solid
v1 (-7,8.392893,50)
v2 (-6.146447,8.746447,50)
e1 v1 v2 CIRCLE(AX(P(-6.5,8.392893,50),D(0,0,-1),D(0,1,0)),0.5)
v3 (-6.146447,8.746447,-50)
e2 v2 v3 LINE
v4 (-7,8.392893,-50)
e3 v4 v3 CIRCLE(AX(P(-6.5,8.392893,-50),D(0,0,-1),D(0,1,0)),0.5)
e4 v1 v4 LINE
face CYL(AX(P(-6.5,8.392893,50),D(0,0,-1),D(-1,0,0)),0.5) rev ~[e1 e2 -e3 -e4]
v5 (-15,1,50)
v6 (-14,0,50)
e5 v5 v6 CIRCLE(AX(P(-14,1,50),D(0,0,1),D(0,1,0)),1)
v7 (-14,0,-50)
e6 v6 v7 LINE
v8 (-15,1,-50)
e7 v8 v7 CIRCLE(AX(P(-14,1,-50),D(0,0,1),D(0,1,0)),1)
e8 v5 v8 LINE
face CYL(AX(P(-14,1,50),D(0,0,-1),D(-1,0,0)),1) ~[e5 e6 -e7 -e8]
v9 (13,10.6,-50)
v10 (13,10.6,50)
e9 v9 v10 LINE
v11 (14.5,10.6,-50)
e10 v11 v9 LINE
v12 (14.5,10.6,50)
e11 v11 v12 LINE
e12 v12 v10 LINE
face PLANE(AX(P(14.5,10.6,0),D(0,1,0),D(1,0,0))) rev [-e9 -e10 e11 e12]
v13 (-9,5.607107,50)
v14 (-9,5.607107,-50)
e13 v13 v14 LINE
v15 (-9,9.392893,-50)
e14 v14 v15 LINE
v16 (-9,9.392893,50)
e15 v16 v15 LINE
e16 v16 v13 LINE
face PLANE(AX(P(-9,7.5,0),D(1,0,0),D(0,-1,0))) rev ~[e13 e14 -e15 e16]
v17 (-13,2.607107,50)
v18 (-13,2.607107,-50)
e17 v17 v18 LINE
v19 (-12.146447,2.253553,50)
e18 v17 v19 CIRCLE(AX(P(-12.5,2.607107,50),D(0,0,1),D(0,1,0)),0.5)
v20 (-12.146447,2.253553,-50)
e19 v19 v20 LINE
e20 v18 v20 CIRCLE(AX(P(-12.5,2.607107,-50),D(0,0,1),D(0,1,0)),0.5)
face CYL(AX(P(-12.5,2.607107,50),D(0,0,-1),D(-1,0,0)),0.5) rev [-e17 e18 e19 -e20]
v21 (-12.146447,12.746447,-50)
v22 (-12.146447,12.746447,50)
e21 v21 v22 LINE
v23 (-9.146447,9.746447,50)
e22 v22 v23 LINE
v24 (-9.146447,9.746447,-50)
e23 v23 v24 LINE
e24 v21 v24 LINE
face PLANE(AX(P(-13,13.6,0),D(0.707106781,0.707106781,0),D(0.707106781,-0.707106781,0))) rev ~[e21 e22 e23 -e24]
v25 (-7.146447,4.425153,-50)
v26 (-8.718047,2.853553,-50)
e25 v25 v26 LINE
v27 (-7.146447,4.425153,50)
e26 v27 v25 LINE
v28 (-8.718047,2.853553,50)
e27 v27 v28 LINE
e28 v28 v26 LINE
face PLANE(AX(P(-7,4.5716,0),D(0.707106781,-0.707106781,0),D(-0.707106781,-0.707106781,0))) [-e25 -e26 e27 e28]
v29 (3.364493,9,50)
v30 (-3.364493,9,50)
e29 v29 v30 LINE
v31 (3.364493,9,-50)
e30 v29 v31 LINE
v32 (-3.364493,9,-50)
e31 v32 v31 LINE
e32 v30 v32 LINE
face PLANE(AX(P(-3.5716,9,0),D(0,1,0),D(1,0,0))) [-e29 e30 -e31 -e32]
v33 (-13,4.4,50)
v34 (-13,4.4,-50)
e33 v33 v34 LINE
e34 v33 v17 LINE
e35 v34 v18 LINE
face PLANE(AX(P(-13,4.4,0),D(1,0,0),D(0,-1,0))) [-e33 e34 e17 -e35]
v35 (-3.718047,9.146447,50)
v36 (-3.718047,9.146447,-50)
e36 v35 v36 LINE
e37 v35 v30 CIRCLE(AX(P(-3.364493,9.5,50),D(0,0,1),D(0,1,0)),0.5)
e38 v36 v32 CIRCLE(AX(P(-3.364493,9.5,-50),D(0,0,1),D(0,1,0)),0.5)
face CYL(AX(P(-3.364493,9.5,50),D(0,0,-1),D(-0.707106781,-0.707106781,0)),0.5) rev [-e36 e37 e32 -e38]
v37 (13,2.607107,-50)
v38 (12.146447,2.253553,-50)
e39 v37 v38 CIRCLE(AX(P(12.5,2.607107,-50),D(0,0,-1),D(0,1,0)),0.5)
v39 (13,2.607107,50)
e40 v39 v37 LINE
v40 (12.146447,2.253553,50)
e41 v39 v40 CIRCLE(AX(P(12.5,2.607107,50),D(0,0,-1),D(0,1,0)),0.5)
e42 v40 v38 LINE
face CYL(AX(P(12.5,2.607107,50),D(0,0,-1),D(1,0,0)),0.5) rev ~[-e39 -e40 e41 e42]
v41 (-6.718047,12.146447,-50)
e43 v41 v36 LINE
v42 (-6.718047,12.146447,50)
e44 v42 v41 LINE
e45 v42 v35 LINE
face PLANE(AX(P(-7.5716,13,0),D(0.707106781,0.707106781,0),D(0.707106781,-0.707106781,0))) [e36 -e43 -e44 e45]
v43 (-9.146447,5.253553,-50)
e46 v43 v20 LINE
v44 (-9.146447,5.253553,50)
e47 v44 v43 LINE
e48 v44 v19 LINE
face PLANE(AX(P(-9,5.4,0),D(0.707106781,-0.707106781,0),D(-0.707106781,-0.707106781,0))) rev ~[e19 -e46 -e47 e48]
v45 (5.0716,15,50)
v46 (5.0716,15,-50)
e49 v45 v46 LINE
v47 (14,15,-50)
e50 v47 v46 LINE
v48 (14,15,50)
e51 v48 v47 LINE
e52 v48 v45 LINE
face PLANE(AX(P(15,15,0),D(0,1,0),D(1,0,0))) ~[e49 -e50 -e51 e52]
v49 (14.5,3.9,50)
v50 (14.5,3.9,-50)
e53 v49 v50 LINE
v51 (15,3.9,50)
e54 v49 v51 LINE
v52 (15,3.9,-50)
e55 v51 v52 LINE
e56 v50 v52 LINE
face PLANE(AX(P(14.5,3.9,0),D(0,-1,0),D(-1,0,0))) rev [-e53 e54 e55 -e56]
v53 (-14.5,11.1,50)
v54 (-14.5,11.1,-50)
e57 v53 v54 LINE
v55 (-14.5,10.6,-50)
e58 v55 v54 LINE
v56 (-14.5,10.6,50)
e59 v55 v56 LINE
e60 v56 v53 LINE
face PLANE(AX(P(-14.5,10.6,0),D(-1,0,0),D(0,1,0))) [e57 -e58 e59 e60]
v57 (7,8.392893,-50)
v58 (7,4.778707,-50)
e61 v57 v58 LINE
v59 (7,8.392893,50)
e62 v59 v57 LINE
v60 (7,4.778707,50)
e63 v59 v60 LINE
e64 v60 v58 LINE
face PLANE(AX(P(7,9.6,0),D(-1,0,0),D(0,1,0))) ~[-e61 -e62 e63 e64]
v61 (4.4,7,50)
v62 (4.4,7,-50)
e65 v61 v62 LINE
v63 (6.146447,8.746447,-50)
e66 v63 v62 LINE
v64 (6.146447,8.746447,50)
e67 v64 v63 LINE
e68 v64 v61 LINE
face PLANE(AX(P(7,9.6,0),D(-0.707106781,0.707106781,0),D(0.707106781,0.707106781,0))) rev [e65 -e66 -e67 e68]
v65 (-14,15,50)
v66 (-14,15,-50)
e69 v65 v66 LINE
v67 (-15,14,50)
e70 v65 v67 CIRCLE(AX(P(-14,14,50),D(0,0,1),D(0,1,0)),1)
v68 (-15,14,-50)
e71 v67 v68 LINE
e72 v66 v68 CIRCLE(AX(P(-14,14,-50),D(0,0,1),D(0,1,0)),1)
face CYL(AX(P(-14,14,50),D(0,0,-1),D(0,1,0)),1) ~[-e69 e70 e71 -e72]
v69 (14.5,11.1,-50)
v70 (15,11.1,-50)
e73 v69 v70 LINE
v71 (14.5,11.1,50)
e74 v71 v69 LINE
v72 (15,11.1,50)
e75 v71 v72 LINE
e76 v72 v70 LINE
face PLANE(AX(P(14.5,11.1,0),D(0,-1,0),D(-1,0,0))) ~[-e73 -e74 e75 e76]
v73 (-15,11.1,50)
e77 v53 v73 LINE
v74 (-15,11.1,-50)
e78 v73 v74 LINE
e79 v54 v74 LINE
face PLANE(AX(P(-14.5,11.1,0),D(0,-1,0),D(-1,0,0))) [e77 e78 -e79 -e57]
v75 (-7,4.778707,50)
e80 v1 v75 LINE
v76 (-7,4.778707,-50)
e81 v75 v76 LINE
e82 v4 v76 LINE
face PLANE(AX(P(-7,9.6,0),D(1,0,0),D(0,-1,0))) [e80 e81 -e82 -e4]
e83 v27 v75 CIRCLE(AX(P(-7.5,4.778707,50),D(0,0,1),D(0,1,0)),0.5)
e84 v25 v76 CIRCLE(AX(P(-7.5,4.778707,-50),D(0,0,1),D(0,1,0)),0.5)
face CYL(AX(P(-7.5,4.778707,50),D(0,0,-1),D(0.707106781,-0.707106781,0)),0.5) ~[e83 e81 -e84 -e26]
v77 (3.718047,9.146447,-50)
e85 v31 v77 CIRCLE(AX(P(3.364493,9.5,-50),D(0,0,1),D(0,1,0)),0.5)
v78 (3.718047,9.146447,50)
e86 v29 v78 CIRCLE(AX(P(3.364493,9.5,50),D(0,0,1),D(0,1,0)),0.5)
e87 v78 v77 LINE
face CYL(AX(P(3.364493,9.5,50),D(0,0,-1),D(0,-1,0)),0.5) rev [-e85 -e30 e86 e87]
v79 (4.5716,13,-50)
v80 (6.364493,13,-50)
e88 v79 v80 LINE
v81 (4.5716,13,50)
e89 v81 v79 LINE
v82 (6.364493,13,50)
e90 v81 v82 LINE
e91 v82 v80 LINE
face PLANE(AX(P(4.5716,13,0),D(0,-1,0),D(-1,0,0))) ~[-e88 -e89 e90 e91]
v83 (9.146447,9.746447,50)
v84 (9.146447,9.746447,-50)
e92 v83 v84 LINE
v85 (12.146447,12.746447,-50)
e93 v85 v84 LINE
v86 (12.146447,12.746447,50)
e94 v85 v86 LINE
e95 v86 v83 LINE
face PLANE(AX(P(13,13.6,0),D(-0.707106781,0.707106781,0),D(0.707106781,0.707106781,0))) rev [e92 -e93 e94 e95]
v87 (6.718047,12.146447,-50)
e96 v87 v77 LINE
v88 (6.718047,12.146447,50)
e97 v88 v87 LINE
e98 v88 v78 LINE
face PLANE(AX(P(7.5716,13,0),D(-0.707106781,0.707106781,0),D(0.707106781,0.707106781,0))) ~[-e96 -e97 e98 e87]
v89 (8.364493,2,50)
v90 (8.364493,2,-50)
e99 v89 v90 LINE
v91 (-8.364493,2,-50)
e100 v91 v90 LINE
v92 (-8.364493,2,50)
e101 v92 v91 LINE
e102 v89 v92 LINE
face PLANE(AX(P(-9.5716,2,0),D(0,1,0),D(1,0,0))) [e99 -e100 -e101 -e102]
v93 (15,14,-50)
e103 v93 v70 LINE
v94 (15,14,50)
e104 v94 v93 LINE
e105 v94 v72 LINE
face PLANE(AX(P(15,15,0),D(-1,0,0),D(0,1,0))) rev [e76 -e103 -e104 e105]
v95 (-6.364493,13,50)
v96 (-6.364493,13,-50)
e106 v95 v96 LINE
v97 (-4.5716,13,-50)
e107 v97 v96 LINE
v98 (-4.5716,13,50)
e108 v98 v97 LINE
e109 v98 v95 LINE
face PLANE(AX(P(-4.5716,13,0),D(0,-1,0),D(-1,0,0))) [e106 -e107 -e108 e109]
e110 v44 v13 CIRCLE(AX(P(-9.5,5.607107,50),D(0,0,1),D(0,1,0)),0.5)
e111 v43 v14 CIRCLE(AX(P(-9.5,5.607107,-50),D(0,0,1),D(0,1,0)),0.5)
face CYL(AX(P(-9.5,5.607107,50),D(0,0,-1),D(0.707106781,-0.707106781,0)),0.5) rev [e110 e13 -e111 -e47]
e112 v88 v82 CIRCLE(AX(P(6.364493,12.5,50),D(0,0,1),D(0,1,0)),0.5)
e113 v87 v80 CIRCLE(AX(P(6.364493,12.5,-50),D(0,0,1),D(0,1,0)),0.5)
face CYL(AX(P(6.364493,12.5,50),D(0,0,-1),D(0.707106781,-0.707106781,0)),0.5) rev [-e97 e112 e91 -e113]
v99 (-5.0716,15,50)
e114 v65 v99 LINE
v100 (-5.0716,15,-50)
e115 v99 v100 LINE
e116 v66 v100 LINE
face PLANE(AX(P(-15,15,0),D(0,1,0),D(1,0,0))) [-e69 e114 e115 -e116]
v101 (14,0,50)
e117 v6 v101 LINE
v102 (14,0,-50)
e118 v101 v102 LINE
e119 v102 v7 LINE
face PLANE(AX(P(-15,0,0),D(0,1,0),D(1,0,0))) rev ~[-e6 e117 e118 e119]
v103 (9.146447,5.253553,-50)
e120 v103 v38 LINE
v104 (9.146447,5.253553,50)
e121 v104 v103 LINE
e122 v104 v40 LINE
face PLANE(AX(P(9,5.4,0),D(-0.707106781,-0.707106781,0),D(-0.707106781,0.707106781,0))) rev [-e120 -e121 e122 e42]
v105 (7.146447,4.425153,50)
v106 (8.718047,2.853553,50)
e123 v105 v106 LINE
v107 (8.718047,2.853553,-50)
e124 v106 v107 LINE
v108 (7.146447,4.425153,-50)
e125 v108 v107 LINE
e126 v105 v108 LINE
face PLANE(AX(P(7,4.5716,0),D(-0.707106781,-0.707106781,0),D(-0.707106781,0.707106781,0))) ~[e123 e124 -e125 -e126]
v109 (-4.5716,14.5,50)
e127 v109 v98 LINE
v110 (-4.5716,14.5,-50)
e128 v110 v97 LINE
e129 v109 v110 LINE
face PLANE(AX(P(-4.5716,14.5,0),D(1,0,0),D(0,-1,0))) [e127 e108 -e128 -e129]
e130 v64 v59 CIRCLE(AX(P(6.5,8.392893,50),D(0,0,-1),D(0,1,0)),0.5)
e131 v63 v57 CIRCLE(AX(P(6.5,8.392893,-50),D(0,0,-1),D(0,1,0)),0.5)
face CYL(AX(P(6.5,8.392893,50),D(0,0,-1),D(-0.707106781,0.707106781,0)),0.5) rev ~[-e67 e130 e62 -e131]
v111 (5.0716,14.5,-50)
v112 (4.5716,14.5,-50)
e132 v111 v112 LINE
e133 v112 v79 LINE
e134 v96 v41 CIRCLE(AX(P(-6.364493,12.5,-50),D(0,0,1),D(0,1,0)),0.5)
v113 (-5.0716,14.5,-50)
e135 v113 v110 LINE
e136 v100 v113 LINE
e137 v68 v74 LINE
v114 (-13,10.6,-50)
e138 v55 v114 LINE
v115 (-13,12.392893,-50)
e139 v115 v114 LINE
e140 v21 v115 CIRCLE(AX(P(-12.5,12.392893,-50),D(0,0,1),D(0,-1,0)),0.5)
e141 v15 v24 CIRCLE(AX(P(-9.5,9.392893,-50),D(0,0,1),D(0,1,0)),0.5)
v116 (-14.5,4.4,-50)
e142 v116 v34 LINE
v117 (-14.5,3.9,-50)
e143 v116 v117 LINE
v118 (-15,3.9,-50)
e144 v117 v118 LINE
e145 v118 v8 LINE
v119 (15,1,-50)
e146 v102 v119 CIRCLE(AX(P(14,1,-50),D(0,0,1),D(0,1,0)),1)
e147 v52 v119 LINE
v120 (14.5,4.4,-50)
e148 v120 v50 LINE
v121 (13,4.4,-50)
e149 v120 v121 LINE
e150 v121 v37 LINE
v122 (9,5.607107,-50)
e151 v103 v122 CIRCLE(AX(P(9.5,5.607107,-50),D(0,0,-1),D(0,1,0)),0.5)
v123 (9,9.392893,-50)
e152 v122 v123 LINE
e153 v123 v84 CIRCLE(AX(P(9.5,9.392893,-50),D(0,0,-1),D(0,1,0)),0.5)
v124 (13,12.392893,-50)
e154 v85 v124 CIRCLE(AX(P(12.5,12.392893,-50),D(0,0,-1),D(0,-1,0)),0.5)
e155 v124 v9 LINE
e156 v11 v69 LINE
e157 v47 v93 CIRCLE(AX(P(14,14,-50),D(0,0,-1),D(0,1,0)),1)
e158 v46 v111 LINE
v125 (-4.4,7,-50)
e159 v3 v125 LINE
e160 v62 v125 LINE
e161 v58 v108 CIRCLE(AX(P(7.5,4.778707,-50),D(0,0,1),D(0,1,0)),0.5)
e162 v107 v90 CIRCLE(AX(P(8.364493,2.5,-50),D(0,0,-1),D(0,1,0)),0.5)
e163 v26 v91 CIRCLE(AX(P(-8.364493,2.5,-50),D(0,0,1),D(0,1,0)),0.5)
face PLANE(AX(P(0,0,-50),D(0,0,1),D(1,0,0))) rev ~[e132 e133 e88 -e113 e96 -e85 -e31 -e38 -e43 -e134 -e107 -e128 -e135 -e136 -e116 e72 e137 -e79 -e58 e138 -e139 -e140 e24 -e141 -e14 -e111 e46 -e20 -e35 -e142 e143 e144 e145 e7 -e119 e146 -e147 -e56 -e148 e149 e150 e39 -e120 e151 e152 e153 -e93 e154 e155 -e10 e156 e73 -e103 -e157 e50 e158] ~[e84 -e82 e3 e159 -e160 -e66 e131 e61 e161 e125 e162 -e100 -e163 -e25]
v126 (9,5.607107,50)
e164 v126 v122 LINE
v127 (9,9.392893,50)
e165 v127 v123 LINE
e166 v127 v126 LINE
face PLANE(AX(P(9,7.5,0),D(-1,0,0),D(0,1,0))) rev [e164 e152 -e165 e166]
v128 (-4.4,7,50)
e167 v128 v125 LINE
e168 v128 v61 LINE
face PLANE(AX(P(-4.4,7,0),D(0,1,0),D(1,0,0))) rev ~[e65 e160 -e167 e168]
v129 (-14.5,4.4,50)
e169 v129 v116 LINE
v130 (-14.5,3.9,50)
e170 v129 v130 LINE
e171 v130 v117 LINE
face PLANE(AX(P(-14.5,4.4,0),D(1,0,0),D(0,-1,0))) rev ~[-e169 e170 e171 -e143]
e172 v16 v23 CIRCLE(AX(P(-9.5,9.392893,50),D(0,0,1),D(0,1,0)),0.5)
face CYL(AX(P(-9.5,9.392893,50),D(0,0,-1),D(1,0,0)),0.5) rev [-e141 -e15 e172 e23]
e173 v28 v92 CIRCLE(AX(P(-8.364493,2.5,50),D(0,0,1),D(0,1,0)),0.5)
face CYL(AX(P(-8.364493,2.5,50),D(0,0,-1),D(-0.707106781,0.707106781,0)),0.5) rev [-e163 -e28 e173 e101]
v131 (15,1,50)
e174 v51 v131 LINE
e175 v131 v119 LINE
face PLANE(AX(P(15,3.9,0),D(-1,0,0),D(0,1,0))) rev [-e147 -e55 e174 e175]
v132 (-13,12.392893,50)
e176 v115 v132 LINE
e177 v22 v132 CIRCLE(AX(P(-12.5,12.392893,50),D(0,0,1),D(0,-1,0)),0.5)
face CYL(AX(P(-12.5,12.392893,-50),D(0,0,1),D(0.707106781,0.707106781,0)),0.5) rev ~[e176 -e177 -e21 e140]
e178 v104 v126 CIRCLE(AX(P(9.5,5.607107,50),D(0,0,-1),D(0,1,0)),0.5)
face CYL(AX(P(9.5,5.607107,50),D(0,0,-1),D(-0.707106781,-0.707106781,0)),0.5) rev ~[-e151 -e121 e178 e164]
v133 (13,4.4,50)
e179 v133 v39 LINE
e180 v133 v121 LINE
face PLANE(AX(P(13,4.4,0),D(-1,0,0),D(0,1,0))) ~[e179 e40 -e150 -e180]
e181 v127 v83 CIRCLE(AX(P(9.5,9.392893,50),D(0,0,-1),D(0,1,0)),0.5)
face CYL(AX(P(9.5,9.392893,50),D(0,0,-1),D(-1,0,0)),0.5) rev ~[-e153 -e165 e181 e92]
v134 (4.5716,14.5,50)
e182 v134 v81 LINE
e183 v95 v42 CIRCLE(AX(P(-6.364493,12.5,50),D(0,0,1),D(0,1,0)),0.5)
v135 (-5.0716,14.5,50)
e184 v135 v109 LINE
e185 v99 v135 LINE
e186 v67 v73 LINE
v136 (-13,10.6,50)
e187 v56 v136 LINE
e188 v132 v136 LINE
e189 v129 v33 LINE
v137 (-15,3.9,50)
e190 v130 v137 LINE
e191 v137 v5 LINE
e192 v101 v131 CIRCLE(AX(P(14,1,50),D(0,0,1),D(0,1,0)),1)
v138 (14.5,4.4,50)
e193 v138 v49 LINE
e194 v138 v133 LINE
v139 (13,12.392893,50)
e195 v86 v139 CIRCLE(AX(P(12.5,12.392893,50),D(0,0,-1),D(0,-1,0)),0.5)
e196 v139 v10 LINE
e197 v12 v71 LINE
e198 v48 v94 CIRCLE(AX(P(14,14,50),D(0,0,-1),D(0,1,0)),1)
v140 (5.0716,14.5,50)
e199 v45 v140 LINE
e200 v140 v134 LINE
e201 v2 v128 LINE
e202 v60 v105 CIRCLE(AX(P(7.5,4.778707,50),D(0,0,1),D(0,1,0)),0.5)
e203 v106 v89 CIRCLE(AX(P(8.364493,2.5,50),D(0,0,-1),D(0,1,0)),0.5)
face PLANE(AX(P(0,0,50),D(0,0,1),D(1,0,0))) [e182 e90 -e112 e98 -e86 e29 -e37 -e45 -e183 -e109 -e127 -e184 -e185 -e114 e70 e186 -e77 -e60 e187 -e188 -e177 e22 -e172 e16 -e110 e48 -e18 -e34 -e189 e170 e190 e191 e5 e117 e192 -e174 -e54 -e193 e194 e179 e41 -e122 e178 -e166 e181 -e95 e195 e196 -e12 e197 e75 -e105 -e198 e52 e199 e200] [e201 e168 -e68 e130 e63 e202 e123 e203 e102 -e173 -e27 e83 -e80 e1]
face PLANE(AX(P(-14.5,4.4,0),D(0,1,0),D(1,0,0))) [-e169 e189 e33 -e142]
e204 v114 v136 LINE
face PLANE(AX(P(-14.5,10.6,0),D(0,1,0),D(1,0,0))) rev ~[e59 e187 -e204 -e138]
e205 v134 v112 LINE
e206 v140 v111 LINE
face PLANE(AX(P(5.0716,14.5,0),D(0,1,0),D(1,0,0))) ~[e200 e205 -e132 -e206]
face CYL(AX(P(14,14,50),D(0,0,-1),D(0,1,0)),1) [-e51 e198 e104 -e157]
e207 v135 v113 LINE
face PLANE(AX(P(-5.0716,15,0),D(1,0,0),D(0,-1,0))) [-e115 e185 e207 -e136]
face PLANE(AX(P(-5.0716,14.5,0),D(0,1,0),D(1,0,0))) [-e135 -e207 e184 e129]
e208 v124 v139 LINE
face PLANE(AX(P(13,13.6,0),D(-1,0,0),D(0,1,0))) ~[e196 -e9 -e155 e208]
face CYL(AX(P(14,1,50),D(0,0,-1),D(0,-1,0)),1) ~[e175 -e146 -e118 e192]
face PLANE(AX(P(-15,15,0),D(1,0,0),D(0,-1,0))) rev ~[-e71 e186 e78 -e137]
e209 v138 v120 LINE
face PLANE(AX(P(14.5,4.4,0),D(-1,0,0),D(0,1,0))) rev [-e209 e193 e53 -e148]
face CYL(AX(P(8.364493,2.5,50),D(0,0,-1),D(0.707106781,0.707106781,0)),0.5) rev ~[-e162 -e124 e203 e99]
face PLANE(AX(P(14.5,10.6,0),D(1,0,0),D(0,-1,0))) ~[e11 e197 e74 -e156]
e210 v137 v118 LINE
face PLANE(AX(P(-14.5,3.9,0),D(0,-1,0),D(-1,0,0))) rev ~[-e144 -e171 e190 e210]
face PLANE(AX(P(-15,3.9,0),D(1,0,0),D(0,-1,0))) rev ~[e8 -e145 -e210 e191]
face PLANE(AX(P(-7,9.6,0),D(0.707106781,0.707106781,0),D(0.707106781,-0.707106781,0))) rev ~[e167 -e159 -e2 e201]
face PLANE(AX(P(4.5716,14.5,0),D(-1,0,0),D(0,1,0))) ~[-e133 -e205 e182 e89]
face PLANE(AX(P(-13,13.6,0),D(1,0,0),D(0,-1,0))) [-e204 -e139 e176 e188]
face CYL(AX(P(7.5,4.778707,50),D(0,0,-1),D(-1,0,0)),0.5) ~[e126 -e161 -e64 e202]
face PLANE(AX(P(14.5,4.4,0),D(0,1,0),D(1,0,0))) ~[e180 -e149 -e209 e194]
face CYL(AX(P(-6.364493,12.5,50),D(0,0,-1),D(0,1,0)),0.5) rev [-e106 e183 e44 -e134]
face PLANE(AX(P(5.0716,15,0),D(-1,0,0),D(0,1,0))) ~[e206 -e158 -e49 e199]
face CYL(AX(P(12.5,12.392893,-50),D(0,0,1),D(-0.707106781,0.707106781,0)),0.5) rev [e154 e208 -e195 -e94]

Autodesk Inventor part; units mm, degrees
ref_plane "YZ Plane" through (0, 0, 0) normal (1, 0, 0) x (0, 1, 0)
ref_plane "XZ Plane" through (0, 0, 0) normal (0, 1, 0) x (-1, 0, 0)
ref_plane "XY Plane" through (0, 0, 0) normal (0, 0, 1) x (1, 0, 0)
sketch "Sketch1" plane through (0, 0, 0) normal (0, 0, 1) x (1, 0, 0)
  line L0 (-15, 0) -> (-15, 15) construction
  line L1 (-15, 15) -> (-4.5716, 15) construction
  line L2 (-15, 10.6) -> (-15, 4.4) construction
  line L3 (-15, 10.6) -> (-14.5, 10.6) construction
  line L4 (-14.5, 10.6) -> (-14.5, 11.1)
  line L5 (-14.5, 11.1) -> (-15, 11.1)
  line L6 (-15, 11.1) -> (-15, 10.6) construction
  line L7 (-14.5, 10.6) -> (-13, 10.6)
  line L8 (-15, 15) -> (-15, 11.1)
  line L9 (-13, 13.6) -> (-13, 10.6)
  line L10 (-13, 13.6) -> (-9, 9.6)
  line L11 (-9, 9.6) -> (-9, 7.5)
  line L12 (-15, 7.5) -> (0, 7.5) construction
  line L13 (-9, 7.5) -> (-9, 5.4)
  line L14 (-9, 5.4) -> (-13, 1.4)
  line L15 (-13, 4.4) -> (-13, 1.4)
  line L16 (-15, 4.4) -> (-14.5, 4.4) construction
  line L17 (-14.5, 4.4) -> (-14.5, 3.9)
  line L18 (-14.5, 3.9) -> (-15, 3.9)
  line L19 (-15, 3.9) -> (-15, 4.4) construction
  line L20 (-14.5, 4.4) -> (-13, 4.4)
  line L21 (-4.5716, 15) -> (-5.0716, 15) construction
  line L22 (-5.0716, 15) -> (-5.0716, 14.5)
  line L23 (-5.0716, 14.5) -> (-4.5716, 14.5)
  line L24 (-4.5716, 14.5) -> (-4.5716, 15) construction
  line L25 (-4.5716, 14.5) -> (-4.5716, 13)
  line L26 (-4.5716, 13) -> (-7.5716, 13)
  line L27 (-7.5716, 13) -> (-3.5716, 9)
  line L28 (-3.5716, 9) -> (0, 9)
  line L29 (-15, 3.9) -> (-15, 0)
  line L30 (-15, 0) -> (0, 0)
  line L31 (-4.4, 7) -> (0, 7)
  line L32 (-7, 9.6) -> (-4.4, 7)
  line L33 (-7, 9.6) -> (-7, 4.5716)
  line L34 (-7, 4.5716) -> (-9.5716, 2)
  line L35 (-9.5716, 2) -> (0, 2)
  line L36 (0, 2) -> (0, 0)
  line L37 (0, 9) -> (0, 7)
  line L38 (-15, 15) -> (-5.0716, 15)
  point P0 (-15, 10.85)
  point P1 (-9, 6.45)
  point P2 (-9, 8.55)
  point P3 (-1.7858, 9)
  point P4 (-5.5716, 11)
  dimension "d78" = 15
  dimension "d87" = 6.2
  dimension "d89" = 15
  dimension "d91" = 0.5
  dimension "d92" = 2
  dimension "d93" = 6
  dimension "d96" = 45
  dimension "d97" = 3
  dimension "d98" = 45
  dimension "d121" = 2
  dimension "d122" = 2
  dimension "d124" = 2
  dimension "d126" = 2
  dimension "d127" = 2
extrude "Extrusion1" add sketch "Sketch1" along normal mid plane 100
mirror "Mirror1" about plane through (0, 0, 0) normal (1, 0, 0) of "Extrusion1"
fillet "Fillet1" radius 1 4 edges at (-15, 15, 0) (15, 15, 0) (15, 0, 0) (-15, 0, 0)
fillet "Fillet2" radius 0.5 18 edges at (-13, 13.6, 0) (-9, 9.6, 0) (-9, 5.4, 0) (-13, 1.4, 0) (-7, 9.6, 0) (-7, 4.5716, 0) (-9.5716, 2, 0) (-3.5716, 9, 0) (9, 5.4, 0) (-7.5716, 13, 0) (3.5716, 9, 0) (9.5716, 2, 0) (7, 4.5716, 0) (7.5716, 13, 0) (13, 1.4, 0) (9, 9.6, 0) (13, 13.6, 0) (7, 9.6, 0)
equation "\"d98\" = d96"
properties part number "15mm" material "Aluminum 6061"
